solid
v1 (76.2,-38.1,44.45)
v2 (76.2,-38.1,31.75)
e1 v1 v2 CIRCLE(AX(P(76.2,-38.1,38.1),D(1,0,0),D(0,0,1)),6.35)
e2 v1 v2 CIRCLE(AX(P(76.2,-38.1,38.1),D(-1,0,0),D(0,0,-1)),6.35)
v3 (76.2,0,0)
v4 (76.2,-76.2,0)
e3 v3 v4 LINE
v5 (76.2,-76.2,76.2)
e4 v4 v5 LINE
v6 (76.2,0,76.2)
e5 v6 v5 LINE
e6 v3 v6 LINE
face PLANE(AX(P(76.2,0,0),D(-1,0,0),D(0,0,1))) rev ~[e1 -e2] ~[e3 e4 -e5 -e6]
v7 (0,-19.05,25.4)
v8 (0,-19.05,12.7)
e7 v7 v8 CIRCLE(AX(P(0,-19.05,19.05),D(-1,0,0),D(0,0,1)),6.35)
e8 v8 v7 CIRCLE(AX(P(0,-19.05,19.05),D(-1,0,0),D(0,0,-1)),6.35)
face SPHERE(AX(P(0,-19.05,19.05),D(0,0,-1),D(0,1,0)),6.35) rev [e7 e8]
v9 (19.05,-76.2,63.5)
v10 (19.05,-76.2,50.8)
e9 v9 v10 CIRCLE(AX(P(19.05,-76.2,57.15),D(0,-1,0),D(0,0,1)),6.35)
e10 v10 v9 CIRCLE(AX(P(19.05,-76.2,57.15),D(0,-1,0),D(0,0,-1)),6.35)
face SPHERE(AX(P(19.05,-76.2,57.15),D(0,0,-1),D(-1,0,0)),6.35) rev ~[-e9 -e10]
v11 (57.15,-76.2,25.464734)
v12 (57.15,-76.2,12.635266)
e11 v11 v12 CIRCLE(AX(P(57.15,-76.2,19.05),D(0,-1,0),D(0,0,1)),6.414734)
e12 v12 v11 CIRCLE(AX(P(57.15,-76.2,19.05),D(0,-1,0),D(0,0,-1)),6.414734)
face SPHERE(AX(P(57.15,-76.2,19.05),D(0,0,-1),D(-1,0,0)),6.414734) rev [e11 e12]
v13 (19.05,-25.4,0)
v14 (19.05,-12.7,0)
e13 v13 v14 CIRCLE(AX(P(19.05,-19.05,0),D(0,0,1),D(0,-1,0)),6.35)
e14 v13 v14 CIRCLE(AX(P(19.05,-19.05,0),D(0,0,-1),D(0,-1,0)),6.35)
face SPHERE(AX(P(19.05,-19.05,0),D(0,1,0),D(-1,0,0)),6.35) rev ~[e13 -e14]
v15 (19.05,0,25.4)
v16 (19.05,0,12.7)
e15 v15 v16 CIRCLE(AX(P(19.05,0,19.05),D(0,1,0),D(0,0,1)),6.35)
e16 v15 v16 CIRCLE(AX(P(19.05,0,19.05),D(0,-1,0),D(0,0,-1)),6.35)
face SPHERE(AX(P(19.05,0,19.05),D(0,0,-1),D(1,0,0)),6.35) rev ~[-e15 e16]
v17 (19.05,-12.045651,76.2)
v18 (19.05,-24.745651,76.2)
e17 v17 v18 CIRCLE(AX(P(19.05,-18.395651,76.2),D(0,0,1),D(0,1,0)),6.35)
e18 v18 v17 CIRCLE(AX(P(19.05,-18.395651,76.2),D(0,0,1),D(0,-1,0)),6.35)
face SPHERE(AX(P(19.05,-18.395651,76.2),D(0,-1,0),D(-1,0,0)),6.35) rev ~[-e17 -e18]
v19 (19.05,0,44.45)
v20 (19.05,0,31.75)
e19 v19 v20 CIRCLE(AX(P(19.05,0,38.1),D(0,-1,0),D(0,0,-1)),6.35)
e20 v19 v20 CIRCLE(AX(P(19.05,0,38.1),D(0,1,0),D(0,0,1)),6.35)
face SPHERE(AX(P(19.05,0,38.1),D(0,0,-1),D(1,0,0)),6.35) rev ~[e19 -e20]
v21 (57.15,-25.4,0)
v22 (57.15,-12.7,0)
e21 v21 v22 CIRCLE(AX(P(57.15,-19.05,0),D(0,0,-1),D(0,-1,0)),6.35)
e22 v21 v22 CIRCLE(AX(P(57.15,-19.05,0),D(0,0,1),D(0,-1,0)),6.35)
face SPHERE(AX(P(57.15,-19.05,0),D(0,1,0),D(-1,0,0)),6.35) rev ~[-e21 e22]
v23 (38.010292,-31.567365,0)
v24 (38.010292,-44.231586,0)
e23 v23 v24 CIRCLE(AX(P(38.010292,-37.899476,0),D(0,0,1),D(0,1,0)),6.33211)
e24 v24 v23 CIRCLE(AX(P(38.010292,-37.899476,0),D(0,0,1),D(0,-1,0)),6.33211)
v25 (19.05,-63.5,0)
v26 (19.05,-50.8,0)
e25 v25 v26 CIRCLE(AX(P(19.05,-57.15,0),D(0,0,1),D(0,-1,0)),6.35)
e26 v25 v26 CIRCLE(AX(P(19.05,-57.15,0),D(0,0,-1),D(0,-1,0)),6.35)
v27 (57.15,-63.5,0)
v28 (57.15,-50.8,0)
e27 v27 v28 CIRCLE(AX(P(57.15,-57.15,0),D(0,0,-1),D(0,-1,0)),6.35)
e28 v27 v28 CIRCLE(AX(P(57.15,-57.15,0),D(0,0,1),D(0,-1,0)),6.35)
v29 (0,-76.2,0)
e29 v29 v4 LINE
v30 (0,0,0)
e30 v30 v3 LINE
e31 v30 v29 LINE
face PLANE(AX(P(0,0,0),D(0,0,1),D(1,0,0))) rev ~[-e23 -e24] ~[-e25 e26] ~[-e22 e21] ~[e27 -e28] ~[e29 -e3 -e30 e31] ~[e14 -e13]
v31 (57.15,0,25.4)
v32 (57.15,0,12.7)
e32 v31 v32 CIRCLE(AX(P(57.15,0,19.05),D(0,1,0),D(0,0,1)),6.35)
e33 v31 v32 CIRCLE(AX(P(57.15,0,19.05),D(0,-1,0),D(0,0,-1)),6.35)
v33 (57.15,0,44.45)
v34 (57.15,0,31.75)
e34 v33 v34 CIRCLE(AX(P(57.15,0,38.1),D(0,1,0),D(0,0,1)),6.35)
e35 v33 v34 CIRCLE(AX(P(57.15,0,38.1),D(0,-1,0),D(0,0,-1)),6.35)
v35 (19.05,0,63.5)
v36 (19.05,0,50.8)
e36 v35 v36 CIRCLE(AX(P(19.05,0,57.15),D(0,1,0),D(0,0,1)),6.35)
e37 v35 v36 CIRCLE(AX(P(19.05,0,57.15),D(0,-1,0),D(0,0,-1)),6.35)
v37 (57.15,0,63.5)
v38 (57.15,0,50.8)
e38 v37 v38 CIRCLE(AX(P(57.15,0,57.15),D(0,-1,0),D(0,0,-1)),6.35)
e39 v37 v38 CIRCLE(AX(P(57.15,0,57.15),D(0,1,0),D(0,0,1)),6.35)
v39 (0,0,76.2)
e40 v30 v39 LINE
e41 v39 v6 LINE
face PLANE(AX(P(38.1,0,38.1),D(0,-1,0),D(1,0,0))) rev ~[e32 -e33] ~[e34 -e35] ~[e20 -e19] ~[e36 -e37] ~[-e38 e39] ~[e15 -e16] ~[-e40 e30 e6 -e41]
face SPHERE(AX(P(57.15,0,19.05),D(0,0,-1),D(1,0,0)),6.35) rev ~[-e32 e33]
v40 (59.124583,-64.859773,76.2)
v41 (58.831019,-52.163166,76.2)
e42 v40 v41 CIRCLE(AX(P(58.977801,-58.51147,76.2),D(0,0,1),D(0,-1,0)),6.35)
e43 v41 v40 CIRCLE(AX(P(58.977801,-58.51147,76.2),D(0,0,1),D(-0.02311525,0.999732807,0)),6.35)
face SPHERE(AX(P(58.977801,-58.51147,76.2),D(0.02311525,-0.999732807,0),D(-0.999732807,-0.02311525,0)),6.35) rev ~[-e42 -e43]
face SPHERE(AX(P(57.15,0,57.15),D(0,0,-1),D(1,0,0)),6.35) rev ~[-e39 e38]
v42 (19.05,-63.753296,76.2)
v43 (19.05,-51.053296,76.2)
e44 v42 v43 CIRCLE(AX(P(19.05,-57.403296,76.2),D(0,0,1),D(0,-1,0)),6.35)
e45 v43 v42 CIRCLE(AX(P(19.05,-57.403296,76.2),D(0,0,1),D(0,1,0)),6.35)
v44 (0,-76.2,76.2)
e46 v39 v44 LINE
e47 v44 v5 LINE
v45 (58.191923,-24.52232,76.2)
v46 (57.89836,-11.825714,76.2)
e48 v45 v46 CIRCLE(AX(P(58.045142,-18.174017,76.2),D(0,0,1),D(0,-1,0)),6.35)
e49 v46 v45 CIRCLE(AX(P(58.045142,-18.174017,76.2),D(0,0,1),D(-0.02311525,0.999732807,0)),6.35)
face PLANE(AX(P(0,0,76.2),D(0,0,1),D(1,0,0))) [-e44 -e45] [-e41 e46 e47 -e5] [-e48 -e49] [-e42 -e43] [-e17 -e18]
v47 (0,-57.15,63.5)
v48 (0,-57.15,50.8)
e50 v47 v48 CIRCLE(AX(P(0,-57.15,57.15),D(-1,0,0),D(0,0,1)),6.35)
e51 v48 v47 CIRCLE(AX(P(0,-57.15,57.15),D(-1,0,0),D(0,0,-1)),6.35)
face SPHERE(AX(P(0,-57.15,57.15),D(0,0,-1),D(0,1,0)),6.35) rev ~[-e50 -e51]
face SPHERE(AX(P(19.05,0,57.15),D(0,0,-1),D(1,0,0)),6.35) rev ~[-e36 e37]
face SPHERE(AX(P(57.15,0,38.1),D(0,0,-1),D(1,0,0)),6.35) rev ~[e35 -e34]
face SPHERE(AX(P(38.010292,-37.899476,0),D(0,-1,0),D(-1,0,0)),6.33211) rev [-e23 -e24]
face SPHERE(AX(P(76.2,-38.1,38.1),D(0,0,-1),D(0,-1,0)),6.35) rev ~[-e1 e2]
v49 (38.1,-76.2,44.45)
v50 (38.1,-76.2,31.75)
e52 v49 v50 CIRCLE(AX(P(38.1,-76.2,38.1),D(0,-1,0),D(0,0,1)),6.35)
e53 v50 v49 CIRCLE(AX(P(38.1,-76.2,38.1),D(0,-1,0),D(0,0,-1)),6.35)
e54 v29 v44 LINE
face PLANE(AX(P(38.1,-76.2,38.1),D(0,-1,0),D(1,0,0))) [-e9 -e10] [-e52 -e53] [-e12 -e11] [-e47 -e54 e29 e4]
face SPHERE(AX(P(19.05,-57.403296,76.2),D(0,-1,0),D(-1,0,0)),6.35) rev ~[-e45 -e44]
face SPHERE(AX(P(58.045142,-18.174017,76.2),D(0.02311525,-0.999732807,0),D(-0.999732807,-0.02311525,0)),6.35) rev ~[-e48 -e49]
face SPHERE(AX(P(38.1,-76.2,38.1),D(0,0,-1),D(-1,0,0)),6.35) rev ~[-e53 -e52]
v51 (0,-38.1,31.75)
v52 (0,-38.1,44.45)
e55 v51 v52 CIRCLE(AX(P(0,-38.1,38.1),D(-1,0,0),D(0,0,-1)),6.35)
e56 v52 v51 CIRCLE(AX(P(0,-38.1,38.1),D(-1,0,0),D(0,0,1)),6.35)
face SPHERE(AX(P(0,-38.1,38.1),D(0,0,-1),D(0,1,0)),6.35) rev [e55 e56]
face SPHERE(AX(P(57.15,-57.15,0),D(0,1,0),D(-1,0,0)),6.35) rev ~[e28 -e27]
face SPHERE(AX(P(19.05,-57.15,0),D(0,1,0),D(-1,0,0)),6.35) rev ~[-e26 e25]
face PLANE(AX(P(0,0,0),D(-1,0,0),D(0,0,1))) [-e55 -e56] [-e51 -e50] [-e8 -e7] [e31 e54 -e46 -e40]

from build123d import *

# Parameters (mm, degrees)
F0_W     = 76.2
F0_H     = 76.2
F1_DEPTH = 76.2


with BuildPart() as f1:
    # F0 (on Front) → F1 (new body)
    with BuildSketch(Plane.XZ):
        with Locations((38.1, 38.1)):
            Rectangle(F0_W, F0_H)
    extrude(amount=F1_DEPTH)

    # F2 (on face) → F3 (revolve, cut)
    with BuildSketch(Plane.YZ.offset(76.2)):
        with BuildLine():
            Line((-38.1, 38.1), (-38.1, 44.45))
            ThreePointArc((-38.1, 44.45), (-44.45, 38.1), (-38.1, 31.75))
            Line((-38.1, 31.75), (-38.1, 38.1))
        make_face()
    revolve(axis=Axis((76.2, -38.1, 38.1), (0, 0, -1)), mode=Mode.SUBTRACT)

    # F4 (on Top) → F5 (revolve, cut)
    with BuildSketch(Plane.XY):
        with BuildLine():
            Line((38.0102917552, -37.8994755447), (38.0102917552, -31.5673652077))
            ThreePointArc((38.0102917552, -31.5673652077), (31.6781814182, -37.8994755447), (38.0102917552, -44.2315858817))
            Line((38.0102917552, -44.2315858817), (38.0102917552, -37.8994755447))
        make_face()
    revolve(axis=Axis((38.0102917552, -33.2418195903, 0), (0, 1, 0)), mode=Mode.SUBTRACT)

    # F7 (on face) → F9 (revolve, cut)
    with BuildSketch(Plane(origin=(0, 0, 0), x_dir=(1, 0, 0), z_dir=(0, 0, -1))):
        with BuildLine():
            Line((19.05, 50.8), (19.05, 63.5))
            ThreePointArc((19.05, 63.5), (12.7, 57.15), (19.05, 50.8))
        make_face()
    revolve(axis=Axis((19.05, -38.1, 0), (0, 1, 0)), mode=Mode.SUBTRACT)

    # F10 (on face) → F11 (revolve, cut)
    with BuildSketch(Plane(origin=(0, 0, 0), x_dir=(1, 0, 0), z_dir=(0, 0, -1))):
        with BuildLine():
            Line((57.15, 50.8), (57.15, 63.5))
            ThreePointArc((57.15, 63.5), (50.8, 57.15), (57.15, 50.8))
        make_face()
    revolve(axis=Axis((57.15, -38.1, 0), (0, 1, 0)), mode=Mode.SUBTRACT)

    # F12 (on face) → F13 (revolve, cut)
    with BuildSketch(Plane(origin=(0, 0, 0), x_dir=(1, 0, 0), z_dir=(0, 0, -1))):
        with BuildLine():
            Line((57.15, 12.7), (57.15, 25.4))
            ThreePointArc((57.15, 25.4), (50.8, 19.05), (57.15, 12.7))
        make_face()
    revolve(axis=Axis((57.15, -28.575, 0), (0, 1, 0)), mode=Mode.SUBTRACT)

    # F14 (on face) → F15 (revolve, cut)
    with BuildSketch(Plane(origin=(0, 0, 0), x_dir=(1, 0, 0), z_dir=(0, 0, -1))):
        with BuildLine():
            Line((19.05, 12.7), (19.05, 25.4))
            ThreePointArc((19.05, 25.4), (12.7, 19.05), (19.05, 12.7))
        make_face()
    revolve(axis=Axis((19.05, -28.575, 0), (0, 1, 0)), mode=Mode.SUBTRACT)

    # F16 (on face) → F17 (revolve, cut)
    with BuildSketch(Plane.XZ.offset(76.2)):
        with BuildLine():
            Line((19.05, 50.8), (19.05, 63.5))
            ThreePointArc((19.05, 63.5), (12.7, 57.15), (19.05, 50.8))
        make_face()
    revolve(axis=Axis((19.05, -76.2, 38.1), (0, 0, -1)), mode=Mode.SUBTRACT)

    # F18 (on face) → F19 (revolve, cut)
    with BuildSketch(Plane.XZ.offset(76.2)):
        with BuildLine():
            Line((38.1, 31.75), (38.1, 44.45))
            ThreePointArc((38.1, 44.45), (31.75, 38.1), (38.1, 31.75))
        make_face()
    revolve(axis=Axis((38.1, -76.2, 38.1), (0, 0, -1)), mode=Mode.SUBTRACT)

    # F20 (on face) → F21 (revolve, cut)
    with BuildSketch(Plane.XZ.offset(76.2)):
        with BuildLine():
            ThreePointArc((57.15, 25.4647341959), (50.7352658041, 19.05), (57.15, 12.6352658041))
            Line((57.15, 12.6352658041), (57.15, 25.4647341959))
        make_face()
    revolve(axis=Axis((57.15, -76.2, 38.1), (0, 0, 1)), mode=Mode.SUBTRACT)

    # F22 (on face) → F23 (revolve, cut)
    with BuildSketch(Plane.XY.offset(76.2)):
        with BuildLine():
            Line((19.05, -63.7532962322), (19.05, -51.0532962322))
            ThreePointArc((19.05, -51.0532962322), (12.7, -57.4032962322), (19.05, -63.7532962322))
        make_face()
        with BuildLine():
            Line((19.05, -24.7456511319), (19.05, -12.0456511319))
            ThreePointArc((19.05, -12.0456511319), (12.7, -18.3956511319), (19.05, -24.7456511319))
        make_face()
    revolve(axis=Axis((19.05, -38.4535603225, 76.2), (0, -1, 0)), mode=Mode.SUBTRACT)

    # F24 (on face) → F25 (revolve, cut)
    with BuildSketch(Plane.XY.offset(76.2)):
        with BuildLine():
            Line((59.1245829463, -64.8597728371), (58.8310192698, -52.1631661893))
            ThreePointArc((58.8310192698, -52.1631661893), (52.6294977842, -58.6582513514), (59.1245829463, -64.8597728371))
        make_face()
        with BuildLine():
            Line((58.1919234388, -24.5223201721), (57.8983597623, -11.8257135243))
            ThreePointArc((57.8983597623, -11.8257135243), (51.6968382767, -18.3207986864), (58.1919234388, -24.5223201721))
        make_face()
    revolve(axis=Axis((58.5114713758, -38.342744112, 76.2), (0.0231152501, -0.9997328069, 0)), mode=Mode.SUBTRACT)

    # F26 (on face) → F27 (revolve, cut)
    with BuildSketch(Plane(origin=(0, 0, 0), x_dir=(-1, 0, 0), z_dir=(0, 1, 0))):
        with BuildLine():
            Line((-57.15, 12.7), (-57.15, 25.4))
            ThreePointArc((-57.15, 25.4), (-63.5, 19.05), (-57.15, 12.7))
        make_face()
        with BuildLine():
            Line((-57.15, 31.75), (-57.15, 44.45))
            ThreePointArc((-57.15, 44.45), (-63.5, 38.1), (-57.15, 31.75))
        make_face()
        with BuildLine():
            Line((-57.15, 50.8), (-57.15, 63.5))
            ThreePointArc((-57.15, 63.5), (-63.5, 57.15), (-57.15, 50.8))
        make_face()
    revolve(axis=Axis((57.15, 0, 38.1), (0, 0, -1)), mode=Mode.SUBTRACT)

    # F28 (on face) → F29 (revolve, cut)
    with BuildSketch(Plane(origin=(0, 0, 0), x_dir=(-1, 0, 0), z_dir=(0, 1, 0))):
        with BuildLine():
            Line((-19.05, 12.7), (-19.05, 25.4))
            ThreePointArc((-19.05, 25.4), (-25.4, 19.05), (-19.05, 12.7))
        make_face()
        with BuildLine():
            Line((-19.05, 31.75), (-19.05, 44.45))
            ThreePointArc((-19.05, 44.45), (-25.4, 38.1), (-19.05, 31.75))
        make_face()
        with BuildLine():
            Line((-19.05, 50.8), (-19.05, 63.5))
            ThreePointArc((-19.05, 63.5), (-25.4, 57.15), (-19.05, 50.8))
        make_face()
    revolve(axis=Axis((19.05, 0, 38.1), (0, 0, -1)), mode=Mode.SUBTRACT)

    # F30 (on face) → F31 (revolve, cut)
    with BuildSketch(Plane(origin=(0, 0, 0), x_dir=(0, -1, 0), z_dir=(-1, 0, 0))):
        with BuildLine():
            Line((38.1, 38.1), (38.1, 44.45))
            ThreePointArc((38.1, 44.45), (31.75, 38.1), (38.1, 31.75))
            Line((38.1, 31.75), (38.1, 38.1))
        make_face()
    revolve(axis=Axis((0, -38.1, 53.975), (0, 0, 1)), mode=Mode.SUBTRACT)

    # F32 (on face) → F33 (revolve, cut)
    with BuildSketch(Plane(origin=(0, 0, 0), x_dir=(0, -1, 0), z_dir=(-1, 0, 0))):
        with BuildLine():
            ThreePointArc((19.05, 25.4), (12.7, 19.05), (19.05, 12.7))
            Line((19.05, 12.7), (19.05, 25.4))
        make_face()
    revolve(axis=Axis((0, -19.05, 38.1), (0, 0, 1)), mode=Mode.SUBTRACT)

    # F34 (on face) → F35 (revolve, cut)
    with BuildSketch(Plane(origin=(0, 0, 0), x_dir=(0, -1, 0), z_dir=(-1, 0, 0))):
        with BuildLine():
            Line((57.15, 50.8), (57.15, 63.5))
            ThreePointArc((57.15, 63.5), (50.8, 57.15), (57.15, 50.8))
        make_face()
    revolve(axis=Axis((0, -57.15, 38.1), (0, 0, -1)), mode=Mode.SUBTRACT)


solid = f1.part
